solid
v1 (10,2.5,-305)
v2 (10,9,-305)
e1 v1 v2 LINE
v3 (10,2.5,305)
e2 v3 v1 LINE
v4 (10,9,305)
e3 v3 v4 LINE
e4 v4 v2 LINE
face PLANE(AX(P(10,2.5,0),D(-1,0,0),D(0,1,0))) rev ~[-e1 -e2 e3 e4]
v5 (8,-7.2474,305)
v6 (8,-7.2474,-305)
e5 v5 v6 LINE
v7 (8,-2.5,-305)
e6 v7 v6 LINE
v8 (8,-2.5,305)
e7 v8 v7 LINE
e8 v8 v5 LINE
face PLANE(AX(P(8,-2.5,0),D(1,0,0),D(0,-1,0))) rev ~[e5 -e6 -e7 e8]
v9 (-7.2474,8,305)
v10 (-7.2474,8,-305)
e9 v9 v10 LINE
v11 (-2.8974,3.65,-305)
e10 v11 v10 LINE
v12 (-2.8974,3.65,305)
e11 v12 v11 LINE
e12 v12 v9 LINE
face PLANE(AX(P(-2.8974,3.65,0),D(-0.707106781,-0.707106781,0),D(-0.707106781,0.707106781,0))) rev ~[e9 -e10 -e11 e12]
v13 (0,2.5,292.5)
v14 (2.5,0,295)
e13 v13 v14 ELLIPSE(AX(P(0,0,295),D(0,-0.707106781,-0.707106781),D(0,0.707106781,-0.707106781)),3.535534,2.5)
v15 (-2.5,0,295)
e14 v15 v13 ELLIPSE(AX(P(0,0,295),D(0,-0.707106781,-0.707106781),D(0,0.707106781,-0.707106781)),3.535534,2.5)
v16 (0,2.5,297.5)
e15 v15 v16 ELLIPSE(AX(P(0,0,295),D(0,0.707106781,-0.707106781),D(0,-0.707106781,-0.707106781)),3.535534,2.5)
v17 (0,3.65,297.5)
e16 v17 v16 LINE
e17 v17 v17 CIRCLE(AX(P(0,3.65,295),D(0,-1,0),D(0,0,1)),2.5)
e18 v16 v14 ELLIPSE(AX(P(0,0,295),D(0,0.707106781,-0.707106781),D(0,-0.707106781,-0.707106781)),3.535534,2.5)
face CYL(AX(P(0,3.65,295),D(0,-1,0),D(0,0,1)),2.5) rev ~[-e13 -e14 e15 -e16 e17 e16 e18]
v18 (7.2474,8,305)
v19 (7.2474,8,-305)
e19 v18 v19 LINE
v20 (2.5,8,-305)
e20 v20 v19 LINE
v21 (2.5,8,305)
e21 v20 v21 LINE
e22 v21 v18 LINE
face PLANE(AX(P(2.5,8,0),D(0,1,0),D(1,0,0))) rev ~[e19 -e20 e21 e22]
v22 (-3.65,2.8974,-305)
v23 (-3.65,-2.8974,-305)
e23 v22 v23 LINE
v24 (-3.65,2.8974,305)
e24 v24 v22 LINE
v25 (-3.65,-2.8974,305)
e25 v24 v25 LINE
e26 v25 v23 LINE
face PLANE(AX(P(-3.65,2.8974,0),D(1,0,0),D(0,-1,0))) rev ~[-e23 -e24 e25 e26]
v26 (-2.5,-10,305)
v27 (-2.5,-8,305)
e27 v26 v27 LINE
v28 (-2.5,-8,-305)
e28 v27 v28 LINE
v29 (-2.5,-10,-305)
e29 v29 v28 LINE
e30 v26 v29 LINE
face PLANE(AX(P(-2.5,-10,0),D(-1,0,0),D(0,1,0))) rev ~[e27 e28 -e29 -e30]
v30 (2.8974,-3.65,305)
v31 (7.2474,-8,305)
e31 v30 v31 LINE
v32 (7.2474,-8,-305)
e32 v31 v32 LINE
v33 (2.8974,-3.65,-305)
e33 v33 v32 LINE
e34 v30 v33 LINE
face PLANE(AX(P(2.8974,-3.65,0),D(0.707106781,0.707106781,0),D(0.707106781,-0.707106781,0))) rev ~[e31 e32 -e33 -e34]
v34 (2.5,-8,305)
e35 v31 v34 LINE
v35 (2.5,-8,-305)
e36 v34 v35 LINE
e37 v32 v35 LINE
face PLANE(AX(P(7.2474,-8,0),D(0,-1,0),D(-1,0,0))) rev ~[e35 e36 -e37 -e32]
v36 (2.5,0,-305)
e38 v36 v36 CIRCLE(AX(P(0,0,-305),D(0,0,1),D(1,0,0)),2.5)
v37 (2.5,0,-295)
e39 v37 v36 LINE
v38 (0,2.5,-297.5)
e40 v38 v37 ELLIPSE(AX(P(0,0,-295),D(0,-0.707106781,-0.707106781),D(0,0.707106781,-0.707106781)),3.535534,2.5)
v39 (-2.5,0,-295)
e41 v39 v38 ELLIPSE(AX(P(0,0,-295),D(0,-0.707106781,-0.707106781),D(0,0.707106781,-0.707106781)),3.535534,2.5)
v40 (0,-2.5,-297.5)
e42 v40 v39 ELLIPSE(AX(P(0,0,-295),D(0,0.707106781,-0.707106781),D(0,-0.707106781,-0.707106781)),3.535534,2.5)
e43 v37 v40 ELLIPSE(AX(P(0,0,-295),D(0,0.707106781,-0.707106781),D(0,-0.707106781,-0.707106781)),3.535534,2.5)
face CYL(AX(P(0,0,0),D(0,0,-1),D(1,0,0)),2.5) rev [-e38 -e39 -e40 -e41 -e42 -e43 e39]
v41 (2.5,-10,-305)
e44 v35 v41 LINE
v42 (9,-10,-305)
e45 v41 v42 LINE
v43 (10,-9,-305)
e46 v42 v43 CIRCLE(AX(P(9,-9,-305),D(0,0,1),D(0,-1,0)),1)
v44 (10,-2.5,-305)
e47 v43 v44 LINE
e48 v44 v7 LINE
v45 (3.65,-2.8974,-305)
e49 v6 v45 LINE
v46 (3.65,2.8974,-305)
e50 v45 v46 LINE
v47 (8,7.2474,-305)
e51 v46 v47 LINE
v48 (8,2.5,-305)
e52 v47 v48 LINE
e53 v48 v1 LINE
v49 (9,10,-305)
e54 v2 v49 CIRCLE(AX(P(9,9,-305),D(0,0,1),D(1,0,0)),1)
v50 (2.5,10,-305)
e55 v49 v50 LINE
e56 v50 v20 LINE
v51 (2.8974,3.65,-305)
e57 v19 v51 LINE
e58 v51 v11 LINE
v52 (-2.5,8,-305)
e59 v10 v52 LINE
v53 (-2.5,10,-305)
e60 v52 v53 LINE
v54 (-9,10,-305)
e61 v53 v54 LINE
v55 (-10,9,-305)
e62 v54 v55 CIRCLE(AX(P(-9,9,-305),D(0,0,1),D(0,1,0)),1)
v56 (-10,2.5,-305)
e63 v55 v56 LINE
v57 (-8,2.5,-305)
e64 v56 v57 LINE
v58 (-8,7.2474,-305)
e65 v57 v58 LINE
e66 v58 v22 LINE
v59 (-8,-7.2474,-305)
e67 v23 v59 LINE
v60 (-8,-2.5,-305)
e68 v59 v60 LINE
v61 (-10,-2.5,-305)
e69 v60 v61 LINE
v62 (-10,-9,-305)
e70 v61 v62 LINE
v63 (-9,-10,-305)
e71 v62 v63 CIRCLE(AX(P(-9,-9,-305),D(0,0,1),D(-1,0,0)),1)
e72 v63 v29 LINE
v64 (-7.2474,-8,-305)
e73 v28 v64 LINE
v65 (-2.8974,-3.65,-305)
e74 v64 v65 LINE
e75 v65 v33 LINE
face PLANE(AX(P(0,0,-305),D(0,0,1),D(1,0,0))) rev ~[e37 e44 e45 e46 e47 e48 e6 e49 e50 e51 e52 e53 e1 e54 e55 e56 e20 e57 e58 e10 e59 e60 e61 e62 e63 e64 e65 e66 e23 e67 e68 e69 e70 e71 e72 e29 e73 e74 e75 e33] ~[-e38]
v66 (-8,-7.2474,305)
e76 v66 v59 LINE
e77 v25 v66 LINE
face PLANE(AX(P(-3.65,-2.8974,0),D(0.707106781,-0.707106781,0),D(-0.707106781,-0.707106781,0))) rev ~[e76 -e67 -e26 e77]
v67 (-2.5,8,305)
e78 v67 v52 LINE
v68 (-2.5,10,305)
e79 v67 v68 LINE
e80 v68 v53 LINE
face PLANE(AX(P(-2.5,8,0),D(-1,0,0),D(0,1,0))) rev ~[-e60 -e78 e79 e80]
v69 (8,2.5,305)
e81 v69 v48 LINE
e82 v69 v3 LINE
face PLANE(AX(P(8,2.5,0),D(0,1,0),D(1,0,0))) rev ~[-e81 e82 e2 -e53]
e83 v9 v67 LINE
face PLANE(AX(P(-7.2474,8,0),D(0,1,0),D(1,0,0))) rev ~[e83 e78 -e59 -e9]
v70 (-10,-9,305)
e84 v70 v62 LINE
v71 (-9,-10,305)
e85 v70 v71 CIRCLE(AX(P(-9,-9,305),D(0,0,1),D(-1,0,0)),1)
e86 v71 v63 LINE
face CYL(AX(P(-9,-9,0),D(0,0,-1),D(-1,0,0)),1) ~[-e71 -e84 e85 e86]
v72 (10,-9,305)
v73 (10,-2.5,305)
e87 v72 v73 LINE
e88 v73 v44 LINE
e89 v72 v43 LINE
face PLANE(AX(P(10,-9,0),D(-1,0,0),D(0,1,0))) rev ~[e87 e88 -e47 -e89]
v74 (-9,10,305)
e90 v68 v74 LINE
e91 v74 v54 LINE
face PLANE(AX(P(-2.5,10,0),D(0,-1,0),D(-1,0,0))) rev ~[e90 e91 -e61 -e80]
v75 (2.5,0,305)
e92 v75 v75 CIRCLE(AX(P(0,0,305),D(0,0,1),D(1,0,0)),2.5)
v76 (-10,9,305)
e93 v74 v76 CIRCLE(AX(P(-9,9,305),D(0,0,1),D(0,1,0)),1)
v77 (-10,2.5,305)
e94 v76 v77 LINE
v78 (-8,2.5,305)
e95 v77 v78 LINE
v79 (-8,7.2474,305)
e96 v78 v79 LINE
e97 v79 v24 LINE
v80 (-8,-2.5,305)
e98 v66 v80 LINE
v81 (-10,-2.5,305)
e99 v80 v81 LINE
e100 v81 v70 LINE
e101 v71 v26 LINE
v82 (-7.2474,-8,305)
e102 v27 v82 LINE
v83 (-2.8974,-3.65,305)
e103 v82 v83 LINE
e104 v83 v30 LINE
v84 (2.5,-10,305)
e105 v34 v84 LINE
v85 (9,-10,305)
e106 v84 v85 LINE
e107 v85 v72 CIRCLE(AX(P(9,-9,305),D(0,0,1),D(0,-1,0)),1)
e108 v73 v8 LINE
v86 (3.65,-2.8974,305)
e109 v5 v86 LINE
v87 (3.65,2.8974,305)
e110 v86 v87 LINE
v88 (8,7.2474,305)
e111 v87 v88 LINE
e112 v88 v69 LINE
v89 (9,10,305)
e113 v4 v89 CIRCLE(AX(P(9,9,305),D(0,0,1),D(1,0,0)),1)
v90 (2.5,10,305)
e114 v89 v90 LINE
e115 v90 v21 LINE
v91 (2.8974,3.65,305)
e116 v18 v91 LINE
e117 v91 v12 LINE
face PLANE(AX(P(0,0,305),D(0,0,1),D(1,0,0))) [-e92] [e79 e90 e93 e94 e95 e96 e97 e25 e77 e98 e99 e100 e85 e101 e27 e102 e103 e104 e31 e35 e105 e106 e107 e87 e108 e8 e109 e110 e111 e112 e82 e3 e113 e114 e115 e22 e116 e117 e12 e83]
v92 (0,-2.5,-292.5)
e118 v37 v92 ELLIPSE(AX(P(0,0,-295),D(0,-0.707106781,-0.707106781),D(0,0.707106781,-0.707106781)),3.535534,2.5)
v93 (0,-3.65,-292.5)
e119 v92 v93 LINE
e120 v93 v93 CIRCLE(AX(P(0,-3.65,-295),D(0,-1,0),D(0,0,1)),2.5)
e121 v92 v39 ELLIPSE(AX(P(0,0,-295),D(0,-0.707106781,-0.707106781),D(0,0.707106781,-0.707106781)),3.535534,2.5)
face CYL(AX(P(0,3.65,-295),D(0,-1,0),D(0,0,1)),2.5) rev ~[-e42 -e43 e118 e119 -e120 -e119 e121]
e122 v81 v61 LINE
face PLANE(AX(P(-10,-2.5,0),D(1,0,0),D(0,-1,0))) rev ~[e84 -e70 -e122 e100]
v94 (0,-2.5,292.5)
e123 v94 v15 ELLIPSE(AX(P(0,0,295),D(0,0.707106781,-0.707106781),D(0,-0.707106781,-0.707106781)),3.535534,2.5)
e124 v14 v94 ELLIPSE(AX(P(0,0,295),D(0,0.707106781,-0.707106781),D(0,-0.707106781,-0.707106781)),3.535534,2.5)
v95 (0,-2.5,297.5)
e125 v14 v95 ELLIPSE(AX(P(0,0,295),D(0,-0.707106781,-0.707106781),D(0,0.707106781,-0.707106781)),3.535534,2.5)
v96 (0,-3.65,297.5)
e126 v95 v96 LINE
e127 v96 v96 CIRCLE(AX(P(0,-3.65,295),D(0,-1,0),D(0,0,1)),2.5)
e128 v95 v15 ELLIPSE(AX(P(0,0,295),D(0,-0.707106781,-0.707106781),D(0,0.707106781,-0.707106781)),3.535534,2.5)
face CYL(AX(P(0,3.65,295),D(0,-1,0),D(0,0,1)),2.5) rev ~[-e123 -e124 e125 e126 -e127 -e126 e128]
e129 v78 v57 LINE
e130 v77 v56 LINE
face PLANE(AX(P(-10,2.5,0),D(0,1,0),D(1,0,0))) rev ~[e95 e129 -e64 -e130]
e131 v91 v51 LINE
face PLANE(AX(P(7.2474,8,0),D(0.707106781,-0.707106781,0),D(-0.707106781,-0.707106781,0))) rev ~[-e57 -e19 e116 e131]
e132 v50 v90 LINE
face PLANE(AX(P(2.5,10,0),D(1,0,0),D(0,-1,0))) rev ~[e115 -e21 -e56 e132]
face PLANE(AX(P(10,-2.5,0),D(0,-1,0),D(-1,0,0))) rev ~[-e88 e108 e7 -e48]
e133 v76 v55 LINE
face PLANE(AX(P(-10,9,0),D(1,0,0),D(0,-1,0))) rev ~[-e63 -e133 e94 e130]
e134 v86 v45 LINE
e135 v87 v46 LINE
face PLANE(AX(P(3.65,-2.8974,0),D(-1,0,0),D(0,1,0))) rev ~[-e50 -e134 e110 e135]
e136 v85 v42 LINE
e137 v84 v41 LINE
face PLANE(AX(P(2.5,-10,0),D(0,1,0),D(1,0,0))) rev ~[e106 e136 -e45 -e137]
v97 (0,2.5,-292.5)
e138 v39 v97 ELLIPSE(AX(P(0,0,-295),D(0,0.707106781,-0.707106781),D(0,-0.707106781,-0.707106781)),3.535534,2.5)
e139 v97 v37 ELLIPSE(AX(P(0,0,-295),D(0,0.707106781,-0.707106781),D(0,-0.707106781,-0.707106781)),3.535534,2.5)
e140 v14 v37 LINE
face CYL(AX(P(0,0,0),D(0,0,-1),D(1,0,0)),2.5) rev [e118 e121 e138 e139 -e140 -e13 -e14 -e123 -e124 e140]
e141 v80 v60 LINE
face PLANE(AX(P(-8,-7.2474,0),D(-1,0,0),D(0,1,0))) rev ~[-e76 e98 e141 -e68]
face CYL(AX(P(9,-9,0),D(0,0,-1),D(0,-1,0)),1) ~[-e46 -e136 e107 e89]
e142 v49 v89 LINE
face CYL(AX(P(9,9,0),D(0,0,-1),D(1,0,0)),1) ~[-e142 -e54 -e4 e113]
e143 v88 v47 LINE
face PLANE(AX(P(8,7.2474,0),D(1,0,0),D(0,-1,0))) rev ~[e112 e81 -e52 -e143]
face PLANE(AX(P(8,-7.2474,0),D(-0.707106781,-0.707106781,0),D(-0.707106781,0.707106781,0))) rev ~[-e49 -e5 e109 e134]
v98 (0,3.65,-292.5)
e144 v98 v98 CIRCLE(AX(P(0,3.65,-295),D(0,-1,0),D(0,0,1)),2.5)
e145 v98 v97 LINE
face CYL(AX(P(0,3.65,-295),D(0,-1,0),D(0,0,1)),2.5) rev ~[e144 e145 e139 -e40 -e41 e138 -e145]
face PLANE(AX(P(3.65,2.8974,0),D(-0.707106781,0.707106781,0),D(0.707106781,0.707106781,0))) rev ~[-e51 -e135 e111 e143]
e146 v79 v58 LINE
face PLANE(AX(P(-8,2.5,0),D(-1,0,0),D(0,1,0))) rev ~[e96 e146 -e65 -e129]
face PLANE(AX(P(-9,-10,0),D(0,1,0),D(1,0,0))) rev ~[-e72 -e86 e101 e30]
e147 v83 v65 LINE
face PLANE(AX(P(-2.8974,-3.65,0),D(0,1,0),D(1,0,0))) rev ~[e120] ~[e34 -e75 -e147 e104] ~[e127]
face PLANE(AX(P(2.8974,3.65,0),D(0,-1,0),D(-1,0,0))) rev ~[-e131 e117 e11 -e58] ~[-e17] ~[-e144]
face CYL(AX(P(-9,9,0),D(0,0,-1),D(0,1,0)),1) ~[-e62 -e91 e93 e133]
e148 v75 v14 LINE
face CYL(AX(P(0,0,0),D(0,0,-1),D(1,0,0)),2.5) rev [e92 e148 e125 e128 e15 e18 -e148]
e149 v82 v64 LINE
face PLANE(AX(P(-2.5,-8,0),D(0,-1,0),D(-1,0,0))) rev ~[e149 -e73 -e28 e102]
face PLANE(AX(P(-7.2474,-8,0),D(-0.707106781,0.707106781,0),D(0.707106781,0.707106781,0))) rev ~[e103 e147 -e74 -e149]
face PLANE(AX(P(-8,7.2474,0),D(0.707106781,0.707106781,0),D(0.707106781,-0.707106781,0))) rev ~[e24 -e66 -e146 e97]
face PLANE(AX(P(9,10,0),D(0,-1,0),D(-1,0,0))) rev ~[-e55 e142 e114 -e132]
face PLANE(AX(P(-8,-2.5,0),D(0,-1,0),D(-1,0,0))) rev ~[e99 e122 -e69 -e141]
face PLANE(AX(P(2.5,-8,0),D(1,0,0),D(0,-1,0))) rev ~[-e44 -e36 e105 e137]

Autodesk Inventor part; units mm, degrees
ref_plane "YZ Plane" through (0, 0, 0) normal (1, 0, 0) x (0, 1, 0)
ref_plane "XZ Plane" through (0, 0, 0) normal (0, 1, 0) x (-1, 0, 0)
ref_plane "XY Plane" through (0, 0, 0) normal (0, 0, 1) x (1, 0, 0)
sketch "Sketch1" plane through (0, 0, 0) normal (0, 0, 1) x (1, 0, 0)
  line L0 (9, 10) -> (2.5, 10)
  line L1 (-10, 9) -> (-10, 2.5)
  line L2 (-9, -10) -> (-2.5, -10)
  line L3 (10, -9) -> (10, -2.5)
  circle A0 centre (0, 0) radius 2.5
  line L4 (3.6, 3.6) -> (-3.6, 3.6) construction
  line L5 (-3.6, 3.6) -> (-3.6, -3.6) construction
  line L6 (-3.6, -3.6) -> (3.6, -3.6) construction
  line L7 (3.6, -3.6) -> (3.6, 3.6) construction
  line L8 (3.6, 3.6) -> (10, 10) construction
  line L9 (3.6, -3.6) -> (10, -10) construction
  line L10 (-3.6, -3.6) -> (-10, -10) construction
  line L11 (-10, 10) -> (-3.6, 3.6) construction
  line L12 (3.65, 2.8974) -> (8, 7.2474)
  line L13 (8, 7.2474) -> (8, 2.5)
  line L14 (8, 2.5) -> (10, 2.5)
  line L15 (10, 2.5) -> (10, -2.5) construction
  line L16 (10, -2.5) -> (8, -2.5)
  line L17 (8, -2.5) -> (8, -7.2474)
  line L18 (8, -7.2474) -> (3.65, -2.8974)
  line L19 (3.65, -2.8974) -> (3.65, 2.8974)
  line L20 (10, 2.5) -> (10, 9)
  line L21 (10, -2.5) -> (10, 2.5) construction
  line L22 (-2.5, 8) -> (-2.5, 10)
  line L23 (-7.2474, 8) -> (-2.5, 8)
  line L24 (-2.8974, 3.65) -> (-7.2474, 8)
  line L25 (2.8974, 3.65) -> (-2.8974, 3.65)
  line L26 (7.2474, 8) -> (2.8974, 3.65)
  line L27 (2.5, 8) -> (7.2474, 8)
  line L28 (2.5, 10) -> (2.5, 8)
  line L29 (-8, -2.5) -> (-10, -2.5)
  line L30 (-8, -7.2474) -> (-8, -2.5)
  line L31 (-3.65, -2.8974) -> (-8, -7.2474)
  line L32 (-3.65, 2.8974) -> (-3.65, -2.8974)
  line L33 (-8, 7.2474) -> (-3.65, 2.8974)
  line L34 (-8, 2.5) -> (-8, 7.2474)
  line L35 (-10, 2.5) -> (-8, 2.5)
  line L36 (2.5, -8) -> (2.5, -10)
  line L37 (7.2474, -8) -> (2.5, -8)
  line L38 (2.8974, -3.65) -> (7.2474, -8)
  line L39 (-2.8974, -3.65) -> (2.8974, -3.65)
  line L40 (-7.2474, -8) -> (-2.8974, -3.65)
  line L41 (-2.5, -8) -> (-7.2474, -8)
  line L42 (-2.5, -10) -> (-2.5, -8)
  line L43 (-2.5, -10) -> (2.5, -10) construction
  line L44 (2.5, -10) -> (9, -10)
  line L45 (-10, 2.5) -> (-10, -2.5) construction
  line L46 (-10, -2.5) -> (-10, -9)
  line L47 (-2.5, 10) -> (-9, 10)
  line L48 (2.5, 10) -> (-2.5, 10) construction
  arc A1 (-9, 10) -> (-10, 9) centre (-9, 9) ccw
  arc A2 (10, 9) -> (9, 10) centre (9, 9) ccw
  arc A3 (9, -10) -> (10, -9) centre (9, -9) ccw
  arc A4 (-10, -9) -> (-9, -10) centre (-9, -9) ccw
  point P0 (0, 0)
  point P1 (0, 3.6)
  point P2 (3.6, 0)
  point P3 (10, 0)
  point P4 (3.65, 0)
  point P5 (10, 0)
  point P6 (0, 3.65)
  point P7 (0, 3.65)
  point P8 (-3.65, 0)
  point P9 (0, -3.65)
  point P10 (0, 10)
  dimension "d2" = 5
  dimension "d3" = 7.2
  dimension "d4" = 7.2
  dimension "d5" = 2
  dimension "d6" = 6.35
  dimension "d7" = 4.7474
  dimension "d8" = 5
  dimension "d9" = 10
  dimension "d10" = 360
  dimension "d11" = 10
  dimension "d12" = 1
extrude "Perfil 20X20-620" add sketch "Sketch1" along normal mid plane 610
thread "M6-1" size "M6x1" class "6H" standard "ANSI Metric M Profile" length 25
thread "M6-2" size "M6x1" class "6H" standard "ANSI Metric M Profile" length 25
sketch "Sketch2" plane through (-2.8974, 10, 305) normal (0, 1, 0) x (1, 0, 0)
  line L0 (2.8974, 10) -> (2.8974, 600) construction
  point P0 (2.8974, 305)
  point P1 (2.8974, 305)
  dimension "d23" = 590
hole "BCA M5" [suppressed]
sketch "Sketch3" plane through (-2.8974, 3.65, 305) normal (0, 1, 0) x (1, 0, 0)
  line L0 (2.8974, 10) -> (2.8974, 600) construction
  point P0 (2.8974, 305)
  point P1 (2.8974, 305)
  dimension "d31" = 590
hole "M5" [suppressed]
sketch "Sketch4" plane through (-2.8974, 3.65, 305) normal (0, 1, 0) x (1, 0, 0)
  line L0 (2.8974, 10) -> (2.8974, 600) construction
  point P0 (2.8974, 305)
  point P1 (2.8974, 305)
  dimension "d39" = 590
hole "Ø5" at (0, 3.65, 295) at (0, 3.65, -295) direction (0, -1, 0) diameter 5 end through all
thread "Thread3" size "M6x1" class "6H" standard "ANSI Metric M Profile" length 15
properties part number "Perfil 20X20 T-622"
